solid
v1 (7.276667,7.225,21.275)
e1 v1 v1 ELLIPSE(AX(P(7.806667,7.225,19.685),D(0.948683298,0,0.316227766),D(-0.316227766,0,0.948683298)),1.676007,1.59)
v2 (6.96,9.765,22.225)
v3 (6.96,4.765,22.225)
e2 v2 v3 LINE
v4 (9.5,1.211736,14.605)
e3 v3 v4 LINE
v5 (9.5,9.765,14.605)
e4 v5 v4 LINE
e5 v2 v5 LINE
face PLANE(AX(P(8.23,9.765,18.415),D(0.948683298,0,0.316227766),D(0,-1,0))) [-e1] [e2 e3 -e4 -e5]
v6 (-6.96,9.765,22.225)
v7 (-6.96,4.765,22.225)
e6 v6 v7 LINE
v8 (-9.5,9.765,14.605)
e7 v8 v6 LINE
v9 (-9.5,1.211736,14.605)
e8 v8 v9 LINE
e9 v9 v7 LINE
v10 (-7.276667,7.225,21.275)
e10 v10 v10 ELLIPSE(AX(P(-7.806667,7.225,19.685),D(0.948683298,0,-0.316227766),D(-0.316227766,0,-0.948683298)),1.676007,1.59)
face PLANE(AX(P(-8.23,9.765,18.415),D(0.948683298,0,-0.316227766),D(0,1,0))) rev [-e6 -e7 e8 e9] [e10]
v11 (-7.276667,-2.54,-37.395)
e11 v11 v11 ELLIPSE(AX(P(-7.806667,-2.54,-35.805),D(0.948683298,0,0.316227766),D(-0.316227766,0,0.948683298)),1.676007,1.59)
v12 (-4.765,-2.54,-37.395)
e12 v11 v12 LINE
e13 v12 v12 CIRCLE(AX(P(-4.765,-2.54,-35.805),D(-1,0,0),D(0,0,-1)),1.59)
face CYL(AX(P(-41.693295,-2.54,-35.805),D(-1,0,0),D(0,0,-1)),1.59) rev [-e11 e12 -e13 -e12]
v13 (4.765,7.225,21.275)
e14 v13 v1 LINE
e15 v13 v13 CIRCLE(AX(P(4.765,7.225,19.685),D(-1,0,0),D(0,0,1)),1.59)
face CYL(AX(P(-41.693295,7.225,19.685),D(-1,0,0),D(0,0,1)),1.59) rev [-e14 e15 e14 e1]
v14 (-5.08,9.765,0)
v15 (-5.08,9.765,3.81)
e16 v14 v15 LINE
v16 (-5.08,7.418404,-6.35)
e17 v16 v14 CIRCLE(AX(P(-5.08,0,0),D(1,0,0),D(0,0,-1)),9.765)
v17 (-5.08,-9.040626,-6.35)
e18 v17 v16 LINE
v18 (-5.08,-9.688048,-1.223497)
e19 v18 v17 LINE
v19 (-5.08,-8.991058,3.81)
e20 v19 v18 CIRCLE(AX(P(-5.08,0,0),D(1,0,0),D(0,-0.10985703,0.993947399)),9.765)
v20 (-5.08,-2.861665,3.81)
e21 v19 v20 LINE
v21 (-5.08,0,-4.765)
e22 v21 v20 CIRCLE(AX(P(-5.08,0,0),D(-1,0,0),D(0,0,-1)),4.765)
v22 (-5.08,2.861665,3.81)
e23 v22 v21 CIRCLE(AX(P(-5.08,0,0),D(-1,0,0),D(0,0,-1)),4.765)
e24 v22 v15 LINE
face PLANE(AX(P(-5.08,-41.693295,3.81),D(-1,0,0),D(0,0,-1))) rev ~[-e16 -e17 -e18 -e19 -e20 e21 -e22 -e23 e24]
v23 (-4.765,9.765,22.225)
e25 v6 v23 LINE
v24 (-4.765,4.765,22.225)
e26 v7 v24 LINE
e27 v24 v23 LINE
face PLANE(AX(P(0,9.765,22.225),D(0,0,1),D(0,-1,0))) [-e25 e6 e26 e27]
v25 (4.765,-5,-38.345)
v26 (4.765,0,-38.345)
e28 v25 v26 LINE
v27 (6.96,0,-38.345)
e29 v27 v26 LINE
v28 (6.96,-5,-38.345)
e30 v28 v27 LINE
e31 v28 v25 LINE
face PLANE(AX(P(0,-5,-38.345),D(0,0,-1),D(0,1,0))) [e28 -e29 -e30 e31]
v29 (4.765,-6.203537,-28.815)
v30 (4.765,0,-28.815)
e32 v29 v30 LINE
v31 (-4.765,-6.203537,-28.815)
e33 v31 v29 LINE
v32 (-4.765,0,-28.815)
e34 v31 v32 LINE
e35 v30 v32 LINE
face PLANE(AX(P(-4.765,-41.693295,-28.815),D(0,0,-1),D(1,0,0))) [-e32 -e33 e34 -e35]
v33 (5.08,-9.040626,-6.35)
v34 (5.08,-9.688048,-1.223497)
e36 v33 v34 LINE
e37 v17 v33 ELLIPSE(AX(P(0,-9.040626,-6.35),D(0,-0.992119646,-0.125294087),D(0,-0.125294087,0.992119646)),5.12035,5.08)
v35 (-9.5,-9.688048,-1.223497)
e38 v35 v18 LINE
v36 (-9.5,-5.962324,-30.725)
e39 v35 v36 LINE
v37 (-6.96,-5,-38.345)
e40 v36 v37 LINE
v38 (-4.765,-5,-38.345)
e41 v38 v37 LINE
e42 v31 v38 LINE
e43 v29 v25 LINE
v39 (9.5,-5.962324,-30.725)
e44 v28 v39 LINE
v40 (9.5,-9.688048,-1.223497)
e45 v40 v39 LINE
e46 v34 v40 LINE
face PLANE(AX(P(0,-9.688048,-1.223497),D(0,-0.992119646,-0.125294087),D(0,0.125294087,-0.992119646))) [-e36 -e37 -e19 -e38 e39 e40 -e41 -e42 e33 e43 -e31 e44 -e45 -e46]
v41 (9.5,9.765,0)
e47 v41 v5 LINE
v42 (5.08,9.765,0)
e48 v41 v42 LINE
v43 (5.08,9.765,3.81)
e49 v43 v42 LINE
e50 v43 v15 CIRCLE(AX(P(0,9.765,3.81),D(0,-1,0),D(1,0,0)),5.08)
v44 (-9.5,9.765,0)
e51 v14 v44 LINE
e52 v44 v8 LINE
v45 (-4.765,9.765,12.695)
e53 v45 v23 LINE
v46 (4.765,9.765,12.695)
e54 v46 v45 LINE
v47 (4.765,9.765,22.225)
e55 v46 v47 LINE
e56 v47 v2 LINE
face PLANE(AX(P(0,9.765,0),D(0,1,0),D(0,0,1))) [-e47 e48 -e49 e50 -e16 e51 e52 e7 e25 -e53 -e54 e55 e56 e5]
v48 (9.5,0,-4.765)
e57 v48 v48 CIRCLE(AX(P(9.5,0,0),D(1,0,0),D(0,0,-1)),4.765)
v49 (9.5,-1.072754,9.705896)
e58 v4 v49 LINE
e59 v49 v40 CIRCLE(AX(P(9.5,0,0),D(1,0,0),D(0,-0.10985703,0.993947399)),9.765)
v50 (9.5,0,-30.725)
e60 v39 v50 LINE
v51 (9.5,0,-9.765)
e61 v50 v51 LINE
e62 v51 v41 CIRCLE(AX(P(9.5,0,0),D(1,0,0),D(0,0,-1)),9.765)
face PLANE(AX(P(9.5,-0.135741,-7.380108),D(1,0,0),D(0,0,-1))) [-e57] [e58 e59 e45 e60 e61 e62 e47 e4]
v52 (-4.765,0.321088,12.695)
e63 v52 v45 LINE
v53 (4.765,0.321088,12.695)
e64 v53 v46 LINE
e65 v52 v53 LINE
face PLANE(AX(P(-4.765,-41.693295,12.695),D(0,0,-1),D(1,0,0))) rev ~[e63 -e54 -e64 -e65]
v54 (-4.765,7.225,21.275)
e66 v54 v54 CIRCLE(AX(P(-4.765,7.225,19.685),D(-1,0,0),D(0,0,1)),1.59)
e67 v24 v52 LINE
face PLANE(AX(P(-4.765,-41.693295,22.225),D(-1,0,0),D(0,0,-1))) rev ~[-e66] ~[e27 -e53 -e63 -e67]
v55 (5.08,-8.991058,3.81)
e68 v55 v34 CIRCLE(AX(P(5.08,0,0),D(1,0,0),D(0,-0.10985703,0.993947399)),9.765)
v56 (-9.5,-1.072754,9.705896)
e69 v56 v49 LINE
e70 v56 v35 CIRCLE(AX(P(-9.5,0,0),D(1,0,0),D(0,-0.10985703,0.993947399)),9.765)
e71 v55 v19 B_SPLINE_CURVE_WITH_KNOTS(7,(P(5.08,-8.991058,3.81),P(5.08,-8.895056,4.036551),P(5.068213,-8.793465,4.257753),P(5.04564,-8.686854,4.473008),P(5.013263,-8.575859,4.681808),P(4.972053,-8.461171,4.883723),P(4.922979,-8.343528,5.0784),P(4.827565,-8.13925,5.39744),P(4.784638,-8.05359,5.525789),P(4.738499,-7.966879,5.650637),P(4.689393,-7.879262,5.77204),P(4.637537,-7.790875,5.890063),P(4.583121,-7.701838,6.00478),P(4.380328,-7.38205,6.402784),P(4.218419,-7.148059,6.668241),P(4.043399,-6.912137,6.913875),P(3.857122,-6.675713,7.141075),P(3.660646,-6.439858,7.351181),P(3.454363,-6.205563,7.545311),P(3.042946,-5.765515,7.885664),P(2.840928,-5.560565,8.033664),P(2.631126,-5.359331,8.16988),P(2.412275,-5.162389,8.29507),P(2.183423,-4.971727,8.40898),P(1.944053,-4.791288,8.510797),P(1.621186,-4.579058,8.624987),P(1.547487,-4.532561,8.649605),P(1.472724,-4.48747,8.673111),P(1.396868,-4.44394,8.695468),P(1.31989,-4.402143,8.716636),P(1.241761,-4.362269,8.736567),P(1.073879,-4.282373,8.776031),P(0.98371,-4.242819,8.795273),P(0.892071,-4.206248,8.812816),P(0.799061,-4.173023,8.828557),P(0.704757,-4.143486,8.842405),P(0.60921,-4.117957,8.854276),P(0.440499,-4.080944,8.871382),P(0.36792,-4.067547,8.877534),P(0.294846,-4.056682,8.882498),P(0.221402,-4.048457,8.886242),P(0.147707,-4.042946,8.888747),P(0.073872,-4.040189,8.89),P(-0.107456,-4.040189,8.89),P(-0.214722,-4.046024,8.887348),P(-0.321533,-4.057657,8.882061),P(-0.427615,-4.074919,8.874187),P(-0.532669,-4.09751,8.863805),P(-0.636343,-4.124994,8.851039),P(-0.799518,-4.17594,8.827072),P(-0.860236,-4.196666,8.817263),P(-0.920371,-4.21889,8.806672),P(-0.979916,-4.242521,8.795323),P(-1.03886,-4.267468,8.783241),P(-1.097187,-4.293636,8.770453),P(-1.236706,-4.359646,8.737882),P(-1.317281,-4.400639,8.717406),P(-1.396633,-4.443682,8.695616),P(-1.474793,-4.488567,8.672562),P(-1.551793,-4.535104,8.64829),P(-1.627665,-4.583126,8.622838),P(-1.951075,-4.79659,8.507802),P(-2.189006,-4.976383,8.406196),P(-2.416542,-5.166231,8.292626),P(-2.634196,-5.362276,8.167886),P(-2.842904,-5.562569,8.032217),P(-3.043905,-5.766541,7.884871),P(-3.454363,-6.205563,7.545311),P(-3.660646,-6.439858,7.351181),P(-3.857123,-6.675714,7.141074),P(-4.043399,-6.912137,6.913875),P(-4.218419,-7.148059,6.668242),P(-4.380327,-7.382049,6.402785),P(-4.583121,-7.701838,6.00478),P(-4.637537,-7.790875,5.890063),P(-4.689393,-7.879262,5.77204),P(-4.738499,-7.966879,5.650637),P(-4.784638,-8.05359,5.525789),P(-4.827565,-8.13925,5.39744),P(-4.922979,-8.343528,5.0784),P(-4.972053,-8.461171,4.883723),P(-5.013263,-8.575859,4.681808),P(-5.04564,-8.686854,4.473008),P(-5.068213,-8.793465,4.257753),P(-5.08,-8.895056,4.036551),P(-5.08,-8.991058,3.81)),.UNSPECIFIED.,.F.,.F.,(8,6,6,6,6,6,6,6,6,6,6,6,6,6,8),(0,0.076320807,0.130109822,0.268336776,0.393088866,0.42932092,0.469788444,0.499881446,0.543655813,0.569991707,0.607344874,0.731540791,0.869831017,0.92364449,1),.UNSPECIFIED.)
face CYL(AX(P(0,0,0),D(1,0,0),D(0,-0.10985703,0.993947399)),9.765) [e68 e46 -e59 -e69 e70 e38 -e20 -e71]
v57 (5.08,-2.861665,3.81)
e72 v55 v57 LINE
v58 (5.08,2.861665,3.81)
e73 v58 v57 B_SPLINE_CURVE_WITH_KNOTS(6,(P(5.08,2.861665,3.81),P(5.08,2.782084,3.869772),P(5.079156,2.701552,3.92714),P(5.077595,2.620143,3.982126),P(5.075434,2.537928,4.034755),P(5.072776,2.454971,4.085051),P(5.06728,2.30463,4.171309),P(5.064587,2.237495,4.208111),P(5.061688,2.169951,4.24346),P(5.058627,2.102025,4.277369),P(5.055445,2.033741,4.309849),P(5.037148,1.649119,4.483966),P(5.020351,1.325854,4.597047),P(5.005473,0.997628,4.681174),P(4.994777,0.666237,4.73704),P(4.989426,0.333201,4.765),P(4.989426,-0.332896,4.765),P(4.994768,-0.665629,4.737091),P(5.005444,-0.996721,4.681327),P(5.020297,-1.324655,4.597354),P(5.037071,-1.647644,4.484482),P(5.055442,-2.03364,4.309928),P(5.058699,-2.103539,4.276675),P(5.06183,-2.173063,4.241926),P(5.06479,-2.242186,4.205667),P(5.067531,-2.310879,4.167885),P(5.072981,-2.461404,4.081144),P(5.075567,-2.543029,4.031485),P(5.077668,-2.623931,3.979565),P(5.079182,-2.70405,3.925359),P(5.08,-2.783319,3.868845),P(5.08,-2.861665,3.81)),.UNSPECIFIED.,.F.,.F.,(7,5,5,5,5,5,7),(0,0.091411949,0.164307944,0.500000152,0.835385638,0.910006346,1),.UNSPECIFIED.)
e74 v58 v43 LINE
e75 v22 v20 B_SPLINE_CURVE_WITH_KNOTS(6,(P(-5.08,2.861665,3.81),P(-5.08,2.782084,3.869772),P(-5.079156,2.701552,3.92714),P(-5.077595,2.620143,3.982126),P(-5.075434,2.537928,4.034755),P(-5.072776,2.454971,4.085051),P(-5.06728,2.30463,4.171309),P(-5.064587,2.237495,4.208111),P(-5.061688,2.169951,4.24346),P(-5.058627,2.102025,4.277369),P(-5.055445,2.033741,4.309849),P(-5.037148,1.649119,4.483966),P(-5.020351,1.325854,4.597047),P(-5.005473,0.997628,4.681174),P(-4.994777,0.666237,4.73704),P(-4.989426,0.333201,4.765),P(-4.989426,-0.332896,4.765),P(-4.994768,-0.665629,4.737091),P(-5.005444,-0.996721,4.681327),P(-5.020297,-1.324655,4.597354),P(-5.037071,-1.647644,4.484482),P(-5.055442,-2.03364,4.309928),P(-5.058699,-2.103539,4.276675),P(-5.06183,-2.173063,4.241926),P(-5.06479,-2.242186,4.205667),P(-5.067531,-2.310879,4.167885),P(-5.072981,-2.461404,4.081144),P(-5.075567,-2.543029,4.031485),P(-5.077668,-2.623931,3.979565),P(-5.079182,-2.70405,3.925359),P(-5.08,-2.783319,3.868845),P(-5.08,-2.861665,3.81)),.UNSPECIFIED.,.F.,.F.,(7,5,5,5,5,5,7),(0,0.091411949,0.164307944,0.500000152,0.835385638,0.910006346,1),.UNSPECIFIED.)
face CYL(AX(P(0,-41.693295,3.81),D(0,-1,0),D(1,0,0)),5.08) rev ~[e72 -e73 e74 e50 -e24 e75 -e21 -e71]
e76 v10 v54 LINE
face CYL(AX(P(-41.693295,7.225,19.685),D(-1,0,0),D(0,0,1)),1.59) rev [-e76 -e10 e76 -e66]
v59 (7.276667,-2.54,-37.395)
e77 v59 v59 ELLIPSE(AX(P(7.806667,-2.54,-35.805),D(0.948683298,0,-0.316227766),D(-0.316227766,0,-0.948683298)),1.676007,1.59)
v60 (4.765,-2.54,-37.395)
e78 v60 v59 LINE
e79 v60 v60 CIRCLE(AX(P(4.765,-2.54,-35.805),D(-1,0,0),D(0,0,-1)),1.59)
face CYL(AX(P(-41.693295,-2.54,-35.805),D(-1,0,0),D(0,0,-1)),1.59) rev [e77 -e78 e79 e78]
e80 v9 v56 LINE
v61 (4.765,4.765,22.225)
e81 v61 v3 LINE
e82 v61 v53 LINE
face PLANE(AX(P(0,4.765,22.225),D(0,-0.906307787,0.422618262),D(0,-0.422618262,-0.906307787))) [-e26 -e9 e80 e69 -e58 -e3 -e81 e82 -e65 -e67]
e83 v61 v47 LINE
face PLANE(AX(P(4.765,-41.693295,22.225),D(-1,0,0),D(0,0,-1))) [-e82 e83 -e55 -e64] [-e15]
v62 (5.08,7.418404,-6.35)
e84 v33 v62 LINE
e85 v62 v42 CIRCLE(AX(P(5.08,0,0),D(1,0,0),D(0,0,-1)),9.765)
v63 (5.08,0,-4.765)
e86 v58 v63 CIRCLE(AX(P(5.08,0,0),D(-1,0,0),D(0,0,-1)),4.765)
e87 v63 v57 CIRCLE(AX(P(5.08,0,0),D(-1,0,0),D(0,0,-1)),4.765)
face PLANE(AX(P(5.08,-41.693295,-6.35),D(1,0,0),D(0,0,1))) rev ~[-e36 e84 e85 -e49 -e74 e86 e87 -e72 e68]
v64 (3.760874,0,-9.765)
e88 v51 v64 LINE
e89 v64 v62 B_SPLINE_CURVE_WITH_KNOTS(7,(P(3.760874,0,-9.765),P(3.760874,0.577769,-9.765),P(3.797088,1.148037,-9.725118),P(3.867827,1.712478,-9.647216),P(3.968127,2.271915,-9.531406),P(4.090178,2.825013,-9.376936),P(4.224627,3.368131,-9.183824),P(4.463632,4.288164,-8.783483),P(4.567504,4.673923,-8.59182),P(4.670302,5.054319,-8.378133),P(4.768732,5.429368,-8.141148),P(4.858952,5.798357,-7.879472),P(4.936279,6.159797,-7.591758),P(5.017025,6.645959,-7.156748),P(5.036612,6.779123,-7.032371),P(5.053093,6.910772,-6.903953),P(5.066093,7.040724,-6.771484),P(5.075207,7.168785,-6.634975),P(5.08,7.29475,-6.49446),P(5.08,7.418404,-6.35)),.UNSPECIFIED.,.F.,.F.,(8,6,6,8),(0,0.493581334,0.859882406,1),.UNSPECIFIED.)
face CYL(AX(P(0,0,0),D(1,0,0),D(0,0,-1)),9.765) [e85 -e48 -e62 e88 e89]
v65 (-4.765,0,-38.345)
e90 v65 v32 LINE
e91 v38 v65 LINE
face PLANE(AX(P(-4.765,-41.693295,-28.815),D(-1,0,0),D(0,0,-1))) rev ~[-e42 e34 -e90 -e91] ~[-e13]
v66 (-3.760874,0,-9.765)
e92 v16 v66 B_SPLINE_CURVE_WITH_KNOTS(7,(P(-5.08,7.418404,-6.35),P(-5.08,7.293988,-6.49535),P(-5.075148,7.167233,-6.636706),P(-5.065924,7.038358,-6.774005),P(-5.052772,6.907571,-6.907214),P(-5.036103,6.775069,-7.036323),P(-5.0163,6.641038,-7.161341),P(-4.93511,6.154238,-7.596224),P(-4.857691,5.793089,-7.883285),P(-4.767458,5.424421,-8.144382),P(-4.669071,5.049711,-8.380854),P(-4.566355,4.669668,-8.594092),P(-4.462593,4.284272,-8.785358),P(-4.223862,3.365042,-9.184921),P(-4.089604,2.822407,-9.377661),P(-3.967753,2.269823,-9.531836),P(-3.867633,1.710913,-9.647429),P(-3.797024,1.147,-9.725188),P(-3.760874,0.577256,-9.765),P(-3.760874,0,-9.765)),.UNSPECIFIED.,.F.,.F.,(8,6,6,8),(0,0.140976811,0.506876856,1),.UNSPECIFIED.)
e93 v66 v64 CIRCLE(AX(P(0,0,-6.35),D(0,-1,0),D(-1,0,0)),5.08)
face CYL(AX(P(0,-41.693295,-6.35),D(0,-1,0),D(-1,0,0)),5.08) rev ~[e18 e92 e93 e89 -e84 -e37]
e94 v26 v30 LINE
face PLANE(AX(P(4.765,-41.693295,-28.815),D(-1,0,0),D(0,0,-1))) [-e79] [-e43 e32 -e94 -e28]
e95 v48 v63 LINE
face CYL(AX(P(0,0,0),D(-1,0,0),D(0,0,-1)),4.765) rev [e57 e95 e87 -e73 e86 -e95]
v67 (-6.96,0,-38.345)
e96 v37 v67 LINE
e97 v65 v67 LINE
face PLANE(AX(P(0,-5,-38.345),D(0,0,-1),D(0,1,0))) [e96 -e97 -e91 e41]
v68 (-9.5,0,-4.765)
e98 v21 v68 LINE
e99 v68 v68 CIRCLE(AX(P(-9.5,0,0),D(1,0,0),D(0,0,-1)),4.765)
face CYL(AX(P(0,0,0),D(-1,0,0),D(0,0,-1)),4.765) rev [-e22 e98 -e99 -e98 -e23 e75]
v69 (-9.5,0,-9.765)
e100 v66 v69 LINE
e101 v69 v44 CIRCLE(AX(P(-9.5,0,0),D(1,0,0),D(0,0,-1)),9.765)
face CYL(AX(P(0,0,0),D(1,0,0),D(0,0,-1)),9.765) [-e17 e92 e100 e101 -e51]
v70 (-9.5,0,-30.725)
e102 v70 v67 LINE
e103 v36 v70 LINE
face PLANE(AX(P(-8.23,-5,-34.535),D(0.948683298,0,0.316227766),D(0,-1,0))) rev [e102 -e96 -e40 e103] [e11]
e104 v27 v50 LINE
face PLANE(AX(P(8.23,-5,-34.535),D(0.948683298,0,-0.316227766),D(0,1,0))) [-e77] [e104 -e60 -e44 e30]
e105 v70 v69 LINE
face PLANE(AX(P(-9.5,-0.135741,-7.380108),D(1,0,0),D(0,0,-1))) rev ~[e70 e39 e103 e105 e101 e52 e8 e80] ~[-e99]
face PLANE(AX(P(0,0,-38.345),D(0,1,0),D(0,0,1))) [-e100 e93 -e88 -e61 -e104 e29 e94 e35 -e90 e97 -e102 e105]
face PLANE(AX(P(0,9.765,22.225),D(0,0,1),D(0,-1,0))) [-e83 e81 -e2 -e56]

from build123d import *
from OCP.BRepFilletAPI import BRepFilletAPI_MakeChamfer

# Parameters (mm, degrees)
SKETCH2_R               = 4.765
BOSS_EXTRUDE1_DEPTH     = 9.5
CHAMFER1_SIZE           = 2.54
CHAMFER1_SIZE2          = 7.62
CHAMFER2_SIZE           = 7.62
CHAMFER2_SIZE2          = 2.54
CUT_EXTRUDE1_DEPTH      = 41.693294902
CUT_EXTRUDE1_DEPTH_BACK = 41.693294902
CUT_EXTRUDE2_DEPTH      = 41.69329495
CUT_EXTRUDE2_DEPTH_BACK = 41.69329495
SKETCH4_W               = 9.53
SKETCH4_H               = 9.53
CUT_EXTRUDE3_DEPTH      = 41.69329495
CUT_EXTRUDE3_DEPTH_BACK = 41.69329495
SKETCH5_R               = 1.59


with BuildPart() as part:
    # Sketch2 → Boss-Extrude1 (new, symmetric)
    with BuildSketch(Plane(origin=(0, 0, 0), x_dir=(0, 0, -1), z_dir=(1, 0, 0))):
        with BuildLine():
            Line((0, 9.765), (-22.225, 9.765))
            Line((-22.225, 9.765), (-22.225, 4.765))
            Line((-22.225, 4.765), (-9.705896356, -1.072753903))
            ThreePointArc((-9.705896356, -1.072753903), (-6.045130296, -7.668873758), (1.223496761, -9.688048342))
            Line((1.223496761, -9.688048342), (38.345, -5))
            Line((38.345, -5), (38.345, 0))
            Line((38.345, 0), (9.765, 0))
            ThreePointArc((9.765, 0), (6.904897718, 6.904897718), (0, 9.765))
        make_face()
        Circle(SKETCH2_R, mode=Mode.SUBTRACT)
    extrude(amount=BOSS_EXTRUDE1_DEPTH, both=True)

    # Chamfer1: one chamfer whose edges measure the first distance from different faces: ONE call of the kernel's chamfer builder (chamfer() names one face for all edges)
    chamfer1_edges_1 = [part.edges().sort_by_distance(p)[0] for p in [
        (9.5, 7.265, 22.225),
    ]]
    chamfer1_side_1 = [part.faces().sort_by_distance(p)[0] for p in [
        (0, 7.265, 22.225),
    ]]
    chamfer1_edges_2 = [part.edges().sort_by_distance(p)[0] for p in [
        (9.5, -2.5, -38.345),
    ]]
    chamfer1_side_2 = [part.faces().sort_by_distance(p)[0] for p in [
        (0, -2.5, -38.345),
    ]]
    chamfer1 = BRepFilletAPI_MakeChamfer(part.part.solid().wrapped)
    for e in chamfer1_edges_1:
        chamfer1.Add(CHAMFER1_SIZE, CHAMFER1_SIZE2, e.wrapped, chamfer1_side_1[0].wrapped)  # the first distance lies on this face
    for e in chamfer1_edges_2:
        chamfer1.Add(CHAMFER1_SIZE, CHAMFER1_SIZE2, e.wrapped, chamfer1_side_2[0].wrapped)  # the first distance lies on this face
    add(Compound.cast(chamfer1.Shape()), mode=Mode.REPLACE)

    # Chamfer2
    chamfer2_edges = [part.edges().sort_by_distance(p)[0] for p in [
        (-9.5, -2.5, -38.345),
        (-9.5, 7.265, 22.225),
    ]]
    chamfer2_side = [part.faces().sort_by_distance(p)[0] for p in [
        (-9.5, -0.130280991, -5.201405079),
    ]]
    chamfer(chamfer2_edges, length=CHAMFER2_SIZE, length2=CHAMFER2_SIZE2, reference=chamfer2_side[0])

    # Sketch3 → Cut-Extrude1 (cut, two sides: drawn at the far end of the back side and taken through both)
    with BuildSketch(Plane(origin=(0, 0, 0), x_dir=(1, 0, 0), z_dir=(0, 1, 0)).offset(-CUT_EXTRUDE1_DEPTH_BACK)):
        with BuildLine():
            Line((-5.08, -3.81), (-5.08, 6.35))
            ThreePointArc((-5.08, 6.35), (0, 11.43), (5.08, 6.35))
            Line((5.08, 6.35), (5.08, -3.81))
            ThreePointArc((5.08, -3.81), (0, -8.89), (-5.08, -3.81))
        make_face()
    extrude(amount=CUT_EXTRUDE1_DEPTH + CUT_EXTRUDE1_DEPTH_BACK, mode=Mode.SUBTRACT)

    # Sketch4 → Cut-Extrude2 (cut, two sides: drawn at the far end of the back side and taken through both)
    with BuildSketch(Plane(origin=(0, 0, 0), x_dir=(1, 0, 0), z_dir=(0, 1, 0)).offset(-CUT_EXTRUDE2_DEPTH_BACK)):
        with Locations((0, 33.58)):
            Rectangle(SKETCH4_W, SKETCH4_H)
        with Locations((0, -17.46)):
            Rectangle(SKETCH4_W, SKETCH4_H)
    extrude(amount=CUT_EXTRUDE2_DEPTH + CUT_EXTRUDE2_DEPTH_BACK, mode=Mode.SUBTRACT)

    # Sketch5 → Cut-Extrude3 (cut, two sides: drawn at the far end of the back side and taken through both)
    with BuildSketch(Plane(origin=(0, 0, 0), x_dir=(0, 0, -1), z_dir=(1, 0, 0)).offset(-CUT_EXTRUDE3_DEPTH_BACK)):
        with Locations((35.805, -2.54)):
            Circle(SKETCH5_R)
        with Locations(Location((-19.685, 7.225, 0), (0, 0, 180))):
            Circle(SKETCH5_R)
    extrude(amount=CUT_EXTRUDE3_DEPTH + CUT_EXTRUDE3_DEPTH_BACK, mode=Mode.SUBTRACT)


solid = part.part
